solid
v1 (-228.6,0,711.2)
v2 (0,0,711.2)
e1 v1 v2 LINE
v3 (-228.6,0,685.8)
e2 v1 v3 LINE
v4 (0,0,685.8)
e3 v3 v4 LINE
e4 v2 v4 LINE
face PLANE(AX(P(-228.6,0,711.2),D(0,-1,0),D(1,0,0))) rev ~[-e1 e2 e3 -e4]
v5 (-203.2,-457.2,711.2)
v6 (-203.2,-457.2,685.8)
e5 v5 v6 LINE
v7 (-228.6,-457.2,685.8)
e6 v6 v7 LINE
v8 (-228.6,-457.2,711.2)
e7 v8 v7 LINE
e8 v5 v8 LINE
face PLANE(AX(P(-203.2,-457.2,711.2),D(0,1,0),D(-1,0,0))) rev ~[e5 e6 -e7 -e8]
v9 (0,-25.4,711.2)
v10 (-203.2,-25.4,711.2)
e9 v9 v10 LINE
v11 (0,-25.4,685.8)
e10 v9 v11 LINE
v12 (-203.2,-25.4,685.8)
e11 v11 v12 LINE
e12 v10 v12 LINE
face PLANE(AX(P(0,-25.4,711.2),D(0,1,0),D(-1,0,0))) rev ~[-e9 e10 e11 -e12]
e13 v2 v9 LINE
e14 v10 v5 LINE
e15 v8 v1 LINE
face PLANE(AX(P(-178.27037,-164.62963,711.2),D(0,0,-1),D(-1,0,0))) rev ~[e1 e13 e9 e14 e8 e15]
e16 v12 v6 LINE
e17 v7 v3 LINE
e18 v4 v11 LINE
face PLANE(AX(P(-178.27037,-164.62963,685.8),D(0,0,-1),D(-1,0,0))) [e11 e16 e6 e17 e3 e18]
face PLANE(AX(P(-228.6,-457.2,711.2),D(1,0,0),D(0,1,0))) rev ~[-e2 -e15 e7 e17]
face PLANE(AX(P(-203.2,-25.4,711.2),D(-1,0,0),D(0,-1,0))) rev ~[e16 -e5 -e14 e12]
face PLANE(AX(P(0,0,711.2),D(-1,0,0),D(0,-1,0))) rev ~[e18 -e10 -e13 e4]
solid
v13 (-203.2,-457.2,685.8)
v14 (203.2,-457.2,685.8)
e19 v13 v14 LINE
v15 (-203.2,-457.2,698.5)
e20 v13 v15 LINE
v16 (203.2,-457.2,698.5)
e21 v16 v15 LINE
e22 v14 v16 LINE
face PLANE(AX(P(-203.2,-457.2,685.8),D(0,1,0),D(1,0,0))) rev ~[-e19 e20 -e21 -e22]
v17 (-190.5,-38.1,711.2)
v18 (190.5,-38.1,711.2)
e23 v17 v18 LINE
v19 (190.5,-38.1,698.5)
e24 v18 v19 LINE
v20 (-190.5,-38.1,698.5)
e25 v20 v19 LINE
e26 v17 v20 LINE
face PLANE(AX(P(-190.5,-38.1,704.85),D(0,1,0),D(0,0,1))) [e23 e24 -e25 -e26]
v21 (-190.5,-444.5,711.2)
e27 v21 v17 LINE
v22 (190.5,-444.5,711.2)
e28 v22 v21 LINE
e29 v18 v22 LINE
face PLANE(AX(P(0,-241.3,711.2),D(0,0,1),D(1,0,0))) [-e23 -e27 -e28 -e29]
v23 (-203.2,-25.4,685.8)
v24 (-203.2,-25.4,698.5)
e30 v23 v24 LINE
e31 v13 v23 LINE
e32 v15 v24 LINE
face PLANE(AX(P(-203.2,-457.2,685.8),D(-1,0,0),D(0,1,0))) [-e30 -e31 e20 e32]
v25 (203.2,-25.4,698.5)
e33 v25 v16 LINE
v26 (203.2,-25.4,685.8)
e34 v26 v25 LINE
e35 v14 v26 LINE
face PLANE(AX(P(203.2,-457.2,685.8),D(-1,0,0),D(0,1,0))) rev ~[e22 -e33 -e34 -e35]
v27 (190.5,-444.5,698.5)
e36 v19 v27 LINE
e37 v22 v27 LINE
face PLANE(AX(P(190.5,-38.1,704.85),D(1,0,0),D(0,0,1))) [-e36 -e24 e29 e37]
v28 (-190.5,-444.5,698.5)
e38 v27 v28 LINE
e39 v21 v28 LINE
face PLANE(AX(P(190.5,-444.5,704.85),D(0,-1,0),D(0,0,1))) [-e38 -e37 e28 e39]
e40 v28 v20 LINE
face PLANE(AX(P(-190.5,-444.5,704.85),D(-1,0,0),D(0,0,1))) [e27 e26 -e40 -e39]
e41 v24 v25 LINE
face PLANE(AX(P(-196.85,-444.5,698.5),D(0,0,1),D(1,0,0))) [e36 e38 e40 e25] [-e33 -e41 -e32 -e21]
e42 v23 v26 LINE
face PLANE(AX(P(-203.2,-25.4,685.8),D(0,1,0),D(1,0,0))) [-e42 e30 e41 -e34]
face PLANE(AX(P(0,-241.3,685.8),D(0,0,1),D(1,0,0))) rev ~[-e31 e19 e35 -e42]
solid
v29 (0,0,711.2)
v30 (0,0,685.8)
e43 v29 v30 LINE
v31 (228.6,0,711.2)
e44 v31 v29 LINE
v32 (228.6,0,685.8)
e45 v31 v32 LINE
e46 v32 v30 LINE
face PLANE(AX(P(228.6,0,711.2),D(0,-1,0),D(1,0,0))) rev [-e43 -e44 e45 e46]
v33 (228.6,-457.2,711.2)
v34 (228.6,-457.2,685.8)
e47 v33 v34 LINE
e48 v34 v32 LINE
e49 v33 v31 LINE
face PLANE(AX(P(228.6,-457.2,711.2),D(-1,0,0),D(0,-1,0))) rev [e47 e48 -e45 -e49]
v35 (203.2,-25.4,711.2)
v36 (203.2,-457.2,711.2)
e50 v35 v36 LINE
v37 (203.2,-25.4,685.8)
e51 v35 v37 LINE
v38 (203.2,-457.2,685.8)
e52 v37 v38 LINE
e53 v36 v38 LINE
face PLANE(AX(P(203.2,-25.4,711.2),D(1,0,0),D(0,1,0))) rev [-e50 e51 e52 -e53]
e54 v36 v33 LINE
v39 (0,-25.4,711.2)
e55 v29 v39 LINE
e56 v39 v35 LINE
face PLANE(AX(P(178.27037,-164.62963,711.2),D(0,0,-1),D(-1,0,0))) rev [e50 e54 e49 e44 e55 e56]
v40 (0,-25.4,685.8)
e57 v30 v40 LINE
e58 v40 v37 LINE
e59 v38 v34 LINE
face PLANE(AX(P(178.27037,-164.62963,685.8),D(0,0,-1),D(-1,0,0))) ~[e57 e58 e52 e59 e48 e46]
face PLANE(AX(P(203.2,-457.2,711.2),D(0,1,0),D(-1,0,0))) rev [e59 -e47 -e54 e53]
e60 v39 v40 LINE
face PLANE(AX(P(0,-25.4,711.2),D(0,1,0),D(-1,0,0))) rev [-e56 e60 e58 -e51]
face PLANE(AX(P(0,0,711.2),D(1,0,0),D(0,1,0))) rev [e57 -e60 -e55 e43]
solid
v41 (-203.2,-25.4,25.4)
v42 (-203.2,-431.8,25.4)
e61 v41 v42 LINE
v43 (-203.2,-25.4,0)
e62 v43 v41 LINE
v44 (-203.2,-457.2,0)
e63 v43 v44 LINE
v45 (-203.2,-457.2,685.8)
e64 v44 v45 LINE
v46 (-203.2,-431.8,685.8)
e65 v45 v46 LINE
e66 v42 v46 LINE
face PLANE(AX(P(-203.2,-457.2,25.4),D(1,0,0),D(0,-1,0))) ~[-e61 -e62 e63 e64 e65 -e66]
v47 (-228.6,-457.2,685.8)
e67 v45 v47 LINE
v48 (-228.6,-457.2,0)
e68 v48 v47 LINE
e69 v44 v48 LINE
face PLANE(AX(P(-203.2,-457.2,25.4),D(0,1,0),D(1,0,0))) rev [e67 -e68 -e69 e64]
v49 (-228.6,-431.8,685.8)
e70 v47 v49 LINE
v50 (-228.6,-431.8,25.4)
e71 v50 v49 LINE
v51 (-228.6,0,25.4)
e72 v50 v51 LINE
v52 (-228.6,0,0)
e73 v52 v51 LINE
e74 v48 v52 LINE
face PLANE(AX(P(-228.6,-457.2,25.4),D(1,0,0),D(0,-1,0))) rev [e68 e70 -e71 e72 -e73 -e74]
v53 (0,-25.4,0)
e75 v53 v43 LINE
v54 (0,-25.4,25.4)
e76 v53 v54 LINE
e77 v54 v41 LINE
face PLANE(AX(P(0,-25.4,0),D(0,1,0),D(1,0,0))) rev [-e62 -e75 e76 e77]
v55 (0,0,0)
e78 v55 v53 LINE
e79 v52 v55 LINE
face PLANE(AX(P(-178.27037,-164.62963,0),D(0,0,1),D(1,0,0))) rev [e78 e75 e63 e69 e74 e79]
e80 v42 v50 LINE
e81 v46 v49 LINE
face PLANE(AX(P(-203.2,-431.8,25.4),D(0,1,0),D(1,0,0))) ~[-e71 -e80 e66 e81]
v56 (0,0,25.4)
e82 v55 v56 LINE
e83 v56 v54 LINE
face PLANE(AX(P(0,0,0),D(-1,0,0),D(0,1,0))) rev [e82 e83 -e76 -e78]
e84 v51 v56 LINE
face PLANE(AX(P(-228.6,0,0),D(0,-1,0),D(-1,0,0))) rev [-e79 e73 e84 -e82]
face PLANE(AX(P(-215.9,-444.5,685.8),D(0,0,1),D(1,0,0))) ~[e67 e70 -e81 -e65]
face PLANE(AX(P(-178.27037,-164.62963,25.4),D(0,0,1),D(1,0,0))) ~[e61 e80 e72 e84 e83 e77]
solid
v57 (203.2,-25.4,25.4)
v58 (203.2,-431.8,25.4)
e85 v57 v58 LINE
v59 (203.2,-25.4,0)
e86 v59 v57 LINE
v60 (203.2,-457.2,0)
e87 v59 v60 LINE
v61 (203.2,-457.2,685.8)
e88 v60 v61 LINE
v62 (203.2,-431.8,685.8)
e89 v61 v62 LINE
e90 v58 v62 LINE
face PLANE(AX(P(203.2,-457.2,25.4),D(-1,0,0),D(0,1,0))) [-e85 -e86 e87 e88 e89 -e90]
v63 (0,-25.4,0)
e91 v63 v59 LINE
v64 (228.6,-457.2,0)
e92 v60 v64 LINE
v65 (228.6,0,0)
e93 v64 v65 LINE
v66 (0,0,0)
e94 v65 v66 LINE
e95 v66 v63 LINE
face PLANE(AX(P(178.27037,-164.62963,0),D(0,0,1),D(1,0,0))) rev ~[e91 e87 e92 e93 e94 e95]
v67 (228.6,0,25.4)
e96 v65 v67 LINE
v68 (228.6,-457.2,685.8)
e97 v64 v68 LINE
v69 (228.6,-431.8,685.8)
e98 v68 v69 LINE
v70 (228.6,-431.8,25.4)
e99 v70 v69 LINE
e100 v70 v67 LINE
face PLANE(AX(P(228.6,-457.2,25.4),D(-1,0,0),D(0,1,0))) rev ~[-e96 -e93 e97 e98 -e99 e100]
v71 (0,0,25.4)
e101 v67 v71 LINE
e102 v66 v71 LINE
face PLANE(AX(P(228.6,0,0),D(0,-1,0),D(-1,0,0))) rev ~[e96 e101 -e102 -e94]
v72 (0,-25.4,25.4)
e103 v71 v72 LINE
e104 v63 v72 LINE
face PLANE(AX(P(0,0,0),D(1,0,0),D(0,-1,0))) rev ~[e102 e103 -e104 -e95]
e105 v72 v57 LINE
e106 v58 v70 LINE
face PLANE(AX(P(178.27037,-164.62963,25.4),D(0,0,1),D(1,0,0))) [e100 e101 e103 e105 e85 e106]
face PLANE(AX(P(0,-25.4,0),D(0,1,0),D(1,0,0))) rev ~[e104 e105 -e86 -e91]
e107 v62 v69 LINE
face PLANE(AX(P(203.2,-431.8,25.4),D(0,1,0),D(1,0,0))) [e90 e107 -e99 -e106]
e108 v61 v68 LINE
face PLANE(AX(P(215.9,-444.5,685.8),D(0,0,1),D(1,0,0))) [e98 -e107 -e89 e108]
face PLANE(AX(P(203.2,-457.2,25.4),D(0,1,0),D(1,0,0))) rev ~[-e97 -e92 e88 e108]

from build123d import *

# Parameters (mm, degrees)
F1_DEPTH = 25.4
F4_W     = 25.4
F4_H     = 25.4
F5_DEPTH = 660.4
F8_W     = 406.4
F8_H     = 431.8
F9_DEPTH = 25.4
F12_W    = 12.7
F12_H    = 12.7


with BuildPart() as f1:
    # F0 (on Top) → F1 (new body)
    with BuildSketch(Plane.XY):
        Polygon((228.6, 0), (0, 0), (0, -25.4), (203.2, -25.4), (203.2, -457.2), (228.6, -457.2), (228.6, -25.4), align=None)
    extrude(amount=F1_DEPTH)


with BuildPart() as f3_1:
    # F3: instance of F1
    add(f1.part.mirror(Plane.XY.offset(355.6)))


with BuildPart() as f1_1:
    add(f1.part)

    # F4 (on face) → F5 (join)
    with BuildSketch(Plane.XY.offset(25.4)):
        with Locations((215.9, -444.5)):
            Rectangle(F4_W, F4_H)
    extrude(amount=F5_DEPTH)


with BuildPart() as f6_1:
    # F6: instance of F3_1
    add(f3_1.part.mirror(Plane.YZ))


with BuildPart() as f6_2:
    # F6: instance of F1
    add(f1_1.part.mirror(Plane.YZ))


with BuildPart() as f9:
    # F8 (on offset) → F9 (new body)
    with BuildSketch(Plane.XY.offset(685.8)):
        with Locations((0, -241.3)):
            Rectangle(F8_W, F8_H)
    extrude(amount=F9_DEPTH)

    # F13: sweep along a path in F10
    with BuildLine(Plane.XY.offset(711.2)) as f13_path:
        Line((-190.5, -444.5), (-190.5, -38.1))
        Line((-190.5, -38.1), (190.5, -38.1))
        Line((190.5, -38.1), (190.5, -444.5))
        Line((190.5, -444.5), (-190.5, -444.5))
    # F12 (on offset) → F13 (sweep, cut)
    with BuildSketch(Plane.XZ.offset(444.5)):
        with Locations((-196.85, 704.85)):
            Rectangle(F12_W, F12_H)
    sweep(path=f13_path.line, transition=Transition.RIGHT, mode=Mode.SUBTRACT)


solid = Compound([f3_1.part, f1_1.part, f6_1.part, f6_2.part, f9.part])
